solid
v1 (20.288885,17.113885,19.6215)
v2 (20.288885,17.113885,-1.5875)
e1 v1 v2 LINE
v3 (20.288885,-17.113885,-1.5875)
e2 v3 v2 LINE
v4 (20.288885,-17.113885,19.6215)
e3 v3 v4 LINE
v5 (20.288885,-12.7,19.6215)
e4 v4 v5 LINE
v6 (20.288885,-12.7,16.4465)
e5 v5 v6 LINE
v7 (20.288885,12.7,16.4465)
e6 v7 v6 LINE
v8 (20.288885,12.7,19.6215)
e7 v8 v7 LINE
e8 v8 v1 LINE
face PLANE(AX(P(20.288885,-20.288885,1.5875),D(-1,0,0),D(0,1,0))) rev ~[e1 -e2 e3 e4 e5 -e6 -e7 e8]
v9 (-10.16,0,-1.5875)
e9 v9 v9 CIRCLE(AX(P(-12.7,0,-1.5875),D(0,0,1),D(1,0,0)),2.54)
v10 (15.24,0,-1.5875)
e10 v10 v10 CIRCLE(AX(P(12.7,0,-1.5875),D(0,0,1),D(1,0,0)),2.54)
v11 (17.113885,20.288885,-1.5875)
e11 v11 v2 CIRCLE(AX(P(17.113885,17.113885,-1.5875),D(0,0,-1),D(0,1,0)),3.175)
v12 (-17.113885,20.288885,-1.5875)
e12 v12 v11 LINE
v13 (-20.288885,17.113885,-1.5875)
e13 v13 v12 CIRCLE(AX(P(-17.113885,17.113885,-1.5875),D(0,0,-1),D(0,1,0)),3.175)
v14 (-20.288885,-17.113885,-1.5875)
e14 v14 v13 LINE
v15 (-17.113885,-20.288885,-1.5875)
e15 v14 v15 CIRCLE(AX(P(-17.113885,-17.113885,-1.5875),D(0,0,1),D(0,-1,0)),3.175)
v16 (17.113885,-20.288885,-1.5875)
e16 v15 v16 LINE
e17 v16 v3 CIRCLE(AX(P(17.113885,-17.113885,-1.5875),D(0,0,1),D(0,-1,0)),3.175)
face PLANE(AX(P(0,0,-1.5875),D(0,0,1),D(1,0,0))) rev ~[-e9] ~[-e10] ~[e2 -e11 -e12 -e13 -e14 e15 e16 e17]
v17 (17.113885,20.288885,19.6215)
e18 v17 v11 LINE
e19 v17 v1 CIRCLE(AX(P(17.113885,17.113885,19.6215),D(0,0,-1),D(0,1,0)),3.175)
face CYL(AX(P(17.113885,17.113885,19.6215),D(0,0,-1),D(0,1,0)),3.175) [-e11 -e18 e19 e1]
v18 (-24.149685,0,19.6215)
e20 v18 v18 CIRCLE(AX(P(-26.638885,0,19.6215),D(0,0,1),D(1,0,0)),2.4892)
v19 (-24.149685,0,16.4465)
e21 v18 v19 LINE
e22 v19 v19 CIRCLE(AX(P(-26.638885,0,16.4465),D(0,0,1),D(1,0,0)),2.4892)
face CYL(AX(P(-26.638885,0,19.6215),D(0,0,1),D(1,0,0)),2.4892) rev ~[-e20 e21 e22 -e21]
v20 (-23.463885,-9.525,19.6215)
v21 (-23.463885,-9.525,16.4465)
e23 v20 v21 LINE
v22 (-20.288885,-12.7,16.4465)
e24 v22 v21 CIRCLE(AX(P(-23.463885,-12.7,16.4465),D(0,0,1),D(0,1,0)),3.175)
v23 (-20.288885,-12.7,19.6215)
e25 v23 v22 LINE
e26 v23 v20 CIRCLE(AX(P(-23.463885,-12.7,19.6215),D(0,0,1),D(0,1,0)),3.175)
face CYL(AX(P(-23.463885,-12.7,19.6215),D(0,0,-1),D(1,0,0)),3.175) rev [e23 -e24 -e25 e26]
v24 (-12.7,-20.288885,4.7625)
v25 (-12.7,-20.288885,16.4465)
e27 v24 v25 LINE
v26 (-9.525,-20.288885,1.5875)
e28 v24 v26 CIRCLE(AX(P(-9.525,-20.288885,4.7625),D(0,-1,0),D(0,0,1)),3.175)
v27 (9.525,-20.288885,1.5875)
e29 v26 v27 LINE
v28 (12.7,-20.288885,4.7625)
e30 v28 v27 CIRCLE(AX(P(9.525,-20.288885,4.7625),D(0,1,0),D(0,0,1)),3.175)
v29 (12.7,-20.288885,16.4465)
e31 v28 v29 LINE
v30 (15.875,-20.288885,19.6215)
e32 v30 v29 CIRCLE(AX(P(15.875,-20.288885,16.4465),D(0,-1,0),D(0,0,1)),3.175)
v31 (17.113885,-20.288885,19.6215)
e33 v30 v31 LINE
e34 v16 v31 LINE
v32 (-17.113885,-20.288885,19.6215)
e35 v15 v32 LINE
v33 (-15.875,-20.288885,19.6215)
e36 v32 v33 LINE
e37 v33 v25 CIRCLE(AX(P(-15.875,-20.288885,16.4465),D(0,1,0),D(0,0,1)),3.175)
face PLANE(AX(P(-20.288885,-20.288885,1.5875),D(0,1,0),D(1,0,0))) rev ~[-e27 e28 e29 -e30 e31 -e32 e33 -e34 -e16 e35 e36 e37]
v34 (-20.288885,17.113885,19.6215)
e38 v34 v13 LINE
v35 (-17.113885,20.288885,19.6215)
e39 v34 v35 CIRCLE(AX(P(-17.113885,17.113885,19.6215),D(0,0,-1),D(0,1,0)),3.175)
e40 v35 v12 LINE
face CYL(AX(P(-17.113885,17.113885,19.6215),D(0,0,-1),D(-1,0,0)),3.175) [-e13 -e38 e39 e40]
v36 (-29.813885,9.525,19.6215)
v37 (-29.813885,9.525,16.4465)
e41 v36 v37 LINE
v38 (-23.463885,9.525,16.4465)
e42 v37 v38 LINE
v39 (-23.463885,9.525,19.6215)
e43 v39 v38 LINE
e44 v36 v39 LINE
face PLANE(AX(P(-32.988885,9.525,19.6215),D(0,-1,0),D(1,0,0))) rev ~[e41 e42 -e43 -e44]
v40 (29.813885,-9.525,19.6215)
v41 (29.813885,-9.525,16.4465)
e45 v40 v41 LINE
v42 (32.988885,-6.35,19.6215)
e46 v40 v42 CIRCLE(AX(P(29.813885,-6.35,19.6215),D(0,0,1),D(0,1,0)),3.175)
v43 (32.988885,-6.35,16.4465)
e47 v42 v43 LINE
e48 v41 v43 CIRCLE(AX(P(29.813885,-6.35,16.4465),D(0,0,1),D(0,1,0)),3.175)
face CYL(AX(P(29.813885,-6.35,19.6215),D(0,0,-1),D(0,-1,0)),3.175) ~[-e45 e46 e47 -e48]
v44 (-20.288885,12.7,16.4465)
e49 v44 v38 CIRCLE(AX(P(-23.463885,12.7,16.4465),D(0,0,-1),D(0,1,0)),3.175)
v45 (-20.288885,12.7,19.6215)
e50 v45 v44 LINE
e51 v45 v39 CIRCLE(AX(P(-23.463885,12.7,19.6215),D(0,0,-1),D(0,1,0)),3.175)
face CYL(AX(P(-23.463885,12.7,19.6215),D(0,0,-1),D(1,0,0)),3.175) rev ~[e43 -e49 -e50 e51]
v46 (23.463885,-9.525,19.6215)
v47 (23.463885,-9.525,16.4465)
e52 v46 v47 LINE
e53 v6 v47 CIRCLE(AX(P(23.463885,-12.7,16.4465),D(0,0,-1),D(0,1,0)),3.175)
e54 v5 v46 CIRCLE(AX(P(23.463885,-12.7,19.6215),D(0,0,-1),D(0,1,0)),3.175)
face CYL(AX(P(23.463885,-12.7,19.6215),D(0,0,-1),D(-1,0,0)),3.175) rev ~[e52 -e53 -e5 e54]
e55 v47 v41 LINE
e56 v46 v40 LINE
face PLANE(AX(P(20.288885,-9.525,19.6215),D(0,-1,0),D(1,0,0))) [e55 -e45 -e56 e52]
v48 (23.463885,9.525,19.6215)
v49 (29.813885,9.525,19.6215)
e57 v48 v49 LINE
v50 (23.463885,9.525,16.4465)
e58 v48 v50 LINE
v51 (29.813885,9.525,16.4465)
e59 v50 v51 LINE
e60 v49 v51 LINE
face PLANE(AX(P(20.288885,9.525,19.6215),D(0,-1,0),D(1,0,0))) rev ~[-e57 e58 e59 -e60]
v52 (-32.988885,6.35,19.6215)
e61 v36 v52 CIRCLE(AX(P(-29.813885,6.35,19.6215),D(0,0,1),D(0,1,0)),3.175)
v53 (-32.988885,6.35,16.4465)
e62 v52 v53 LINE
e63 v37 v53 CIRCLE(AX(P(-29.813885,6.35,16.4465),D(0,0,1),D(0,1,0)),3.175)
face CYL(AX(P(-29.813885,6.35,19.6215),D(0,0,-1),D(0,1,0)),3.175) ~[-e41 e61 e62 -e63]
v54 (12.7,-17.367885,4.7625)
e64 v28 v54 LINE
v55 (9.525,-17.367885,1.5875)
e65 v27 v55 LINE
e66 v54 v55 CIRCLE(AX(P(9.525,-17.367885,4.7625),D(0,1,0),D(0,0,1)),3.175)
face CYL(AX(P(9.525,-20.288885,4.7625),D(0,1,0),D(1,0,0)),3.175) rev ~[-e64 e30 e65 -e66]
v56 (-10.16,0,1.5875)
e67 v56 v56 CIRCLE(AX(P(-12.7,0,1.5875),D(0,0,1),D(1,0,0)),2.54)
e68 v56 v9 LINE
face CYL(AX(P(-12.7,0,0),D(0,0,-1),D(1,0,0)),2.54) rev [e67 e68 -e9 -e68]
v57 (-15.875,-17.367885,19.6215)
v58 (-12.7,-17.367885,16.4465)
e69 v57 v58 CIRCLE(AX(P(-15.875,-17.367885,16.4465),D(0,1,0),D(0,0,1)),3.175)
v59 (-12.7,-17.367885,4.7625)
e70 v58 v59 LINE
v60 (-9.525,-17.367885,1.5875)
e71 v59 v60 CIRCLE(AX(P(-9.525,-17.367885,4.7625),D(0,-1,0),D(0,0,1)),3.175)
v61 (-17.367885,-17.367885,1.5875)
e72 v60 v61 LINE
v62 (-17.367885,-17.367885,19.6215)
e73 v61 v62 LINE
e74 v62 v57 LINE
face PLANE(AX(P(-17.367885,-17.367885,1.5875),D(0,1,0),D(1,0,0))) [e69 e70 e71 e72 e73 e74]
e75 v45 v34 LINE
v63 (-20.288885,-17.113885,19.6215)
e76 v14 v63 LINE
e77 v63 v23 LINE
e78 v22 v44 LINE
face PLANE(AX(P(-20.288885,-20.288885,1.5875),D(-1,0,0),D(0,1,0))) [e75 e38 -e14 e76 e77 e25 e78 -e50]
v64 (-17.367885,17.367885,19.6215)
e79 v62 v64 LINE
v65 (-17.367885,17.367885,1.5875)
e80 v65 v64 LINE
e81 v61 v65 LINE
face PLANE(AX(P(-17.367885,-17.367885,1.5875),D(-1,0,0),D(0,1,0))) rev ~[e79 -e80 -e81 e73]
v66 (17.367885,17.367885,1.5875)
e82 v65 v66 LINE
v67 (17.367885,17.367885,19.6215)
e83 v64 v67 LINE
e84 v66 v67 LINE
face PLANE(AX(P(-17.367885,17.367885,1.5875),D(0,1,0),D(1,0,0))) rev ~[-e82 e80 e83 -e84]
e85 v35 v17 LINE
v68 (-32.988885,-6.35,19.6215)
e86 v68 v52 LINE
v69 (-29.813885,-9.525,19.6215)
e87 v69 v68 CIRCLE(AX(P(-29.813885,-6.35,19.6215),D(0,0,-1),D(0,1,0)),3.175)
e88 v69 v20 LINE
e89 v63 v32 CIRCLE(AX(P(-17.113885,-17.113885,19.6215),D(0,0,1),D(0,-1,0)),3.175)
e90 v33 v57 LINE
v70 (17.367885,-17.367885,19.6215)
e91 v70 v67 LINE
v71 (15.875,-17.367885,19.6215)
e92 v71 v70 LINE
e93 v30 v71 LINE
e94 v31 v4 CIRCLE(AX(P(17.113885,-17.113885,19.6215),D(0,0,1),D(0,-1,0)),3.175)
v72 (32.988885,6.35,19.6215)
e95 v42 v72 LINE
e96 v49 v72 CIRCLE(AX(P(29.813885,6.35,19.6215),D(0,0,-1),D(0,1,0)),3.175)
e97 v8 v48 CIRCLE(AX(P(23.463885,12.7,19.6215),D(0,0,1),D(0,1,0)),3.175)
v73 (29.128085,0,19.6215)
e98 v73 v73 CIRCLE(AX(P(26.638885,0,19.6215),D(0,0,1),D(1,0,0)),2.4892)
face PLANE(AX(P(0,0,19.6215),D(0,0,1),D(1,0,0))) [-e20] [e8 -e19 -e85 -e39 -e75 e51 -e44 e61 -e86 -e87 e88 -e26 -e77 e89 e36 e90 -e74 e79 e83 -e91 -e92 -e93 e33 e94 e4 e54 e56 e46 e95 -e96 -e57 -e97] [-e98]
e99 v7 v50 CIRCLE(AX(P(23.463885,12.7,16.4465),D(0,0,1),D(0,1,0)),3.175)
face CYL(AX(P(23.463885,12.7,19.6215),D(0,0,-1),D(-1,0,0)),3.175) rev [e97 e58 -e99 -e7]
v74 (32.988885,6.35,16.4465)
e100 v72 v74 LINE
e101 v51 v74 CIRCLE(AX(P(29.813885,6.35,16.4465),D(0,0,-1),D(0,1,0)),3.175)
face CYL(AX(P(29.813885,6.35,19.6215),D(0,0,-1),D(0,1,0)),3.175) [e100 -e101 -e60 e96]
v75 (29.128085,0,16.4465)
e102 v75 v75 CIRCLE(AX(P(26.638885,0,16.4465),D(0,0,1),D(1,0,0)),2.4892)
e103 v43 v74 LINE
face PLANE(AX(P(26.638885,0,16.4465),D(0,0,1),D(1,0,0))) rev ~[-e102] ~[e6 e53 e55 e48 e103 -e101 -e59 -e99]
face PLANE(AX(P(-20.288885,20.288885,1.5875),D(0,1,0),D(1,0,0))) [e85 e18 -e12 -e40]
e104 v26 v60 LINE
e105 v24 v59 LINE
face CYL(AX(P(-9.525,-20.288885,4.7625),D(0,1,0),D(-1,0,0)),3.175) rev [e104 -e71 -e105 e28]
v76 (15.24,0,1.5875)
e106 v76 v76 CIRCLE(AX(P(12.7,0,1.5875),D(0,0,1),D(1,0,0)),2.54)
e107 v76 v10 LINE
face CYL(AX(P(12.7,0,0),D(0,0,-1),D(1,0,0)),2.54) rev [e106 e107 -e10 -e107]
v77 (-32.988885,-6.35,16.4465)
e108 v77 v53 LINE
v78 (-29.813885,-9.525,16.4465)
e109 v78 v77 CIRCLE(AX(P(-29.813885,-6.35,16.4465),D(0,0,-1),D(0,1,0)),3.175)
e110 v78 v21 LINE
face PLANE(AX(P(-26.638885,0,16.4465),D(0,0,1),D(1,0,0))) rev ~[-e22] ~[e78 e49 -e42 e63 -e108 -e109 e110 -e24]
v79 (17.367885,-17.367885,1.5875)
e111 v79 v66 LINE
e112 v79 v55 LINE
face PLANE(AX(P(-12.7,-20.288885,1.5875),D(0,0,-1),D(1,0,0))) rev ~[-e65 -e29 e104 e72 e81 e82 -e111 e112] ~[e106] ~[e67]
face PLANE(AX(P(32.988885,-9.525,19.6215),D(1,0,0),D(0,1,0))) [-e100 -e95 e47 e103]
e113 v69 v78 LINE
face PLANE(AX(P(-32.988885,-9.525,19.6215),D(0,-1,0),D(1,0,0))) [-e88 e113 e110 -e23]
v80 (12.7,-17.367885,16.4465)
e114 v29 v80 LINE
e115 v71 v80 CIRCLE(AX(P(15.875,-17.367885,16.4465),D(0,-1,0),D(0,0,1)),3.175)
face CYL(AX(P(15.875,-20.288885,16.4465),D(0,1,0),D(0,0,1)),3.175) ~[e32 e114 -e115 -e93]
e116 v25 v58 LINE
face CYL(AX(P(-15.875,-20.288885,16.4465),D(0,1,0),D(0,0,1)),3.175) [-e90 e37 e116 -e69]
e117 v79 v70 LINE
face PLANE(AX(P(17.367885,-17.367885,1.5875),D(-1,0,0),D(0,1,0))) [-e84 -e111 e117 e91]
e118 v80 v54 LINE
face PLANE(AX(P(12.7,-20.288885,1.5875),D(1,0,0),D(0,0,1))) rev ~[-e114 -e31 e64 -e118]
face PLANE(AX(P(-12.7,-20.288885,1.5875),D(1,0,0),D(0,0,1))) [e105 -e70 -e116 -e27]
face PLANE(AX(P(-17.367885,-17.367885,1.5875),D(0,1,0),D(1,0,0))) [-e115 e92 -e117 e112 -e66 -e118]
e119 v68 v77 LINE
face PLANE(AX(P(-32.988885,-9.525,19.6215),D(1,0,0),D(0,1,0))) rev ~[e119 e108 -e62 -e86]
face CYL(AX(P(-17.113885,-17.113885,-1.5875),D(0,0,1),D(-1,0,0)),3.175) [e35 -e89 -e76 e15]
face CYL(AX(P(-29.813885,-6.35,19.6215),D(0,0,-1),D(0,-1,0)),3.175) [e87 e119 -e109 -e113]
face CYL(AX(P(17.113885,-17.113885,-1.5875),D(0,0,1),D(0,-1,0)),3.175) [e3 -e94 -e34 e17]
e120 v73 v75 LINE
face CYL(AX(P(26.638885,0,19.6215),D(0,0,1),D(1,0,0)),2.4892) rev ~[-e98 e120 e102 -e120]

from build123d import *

# Parameters (mm, degrees)
SKETCH1_W           = 40.57777
SKETCH1_H           = 40.57777
SKETCH1_R           = 2.54
BOSS_EXTRUDE1_DEPTH = 1.5875
SKETCH3_W           = 40.57777
SKETCH3_H           = 40.57777
SKETCH3_W_2         = 34.73577
SKETCH3_H_2         = 34.73577
BOSS_EXTRUDE2_DEPTH = 18.034
SKETCH4_W           = 12.7
SKETCH4_H           = 19.05
SKETCH4_R           = 2.4892
BOSS_EXTRUDE3_DEPTH = 3.175
FILLET1_R           = 3.175
SKETCH6_W           = 25.4
SKETCH6_H           = 18.034
CUT_EXTRUDE2_DEPTH  = 3.175
FILLET3_R           = 3.175


with BuildPart() as part:
    # Sketch1 → Boss-Extrude1 (new, symmetric)
    with BuildSketch(Plane.XY):
        Rectangle(SKETCH1_W, SKETCH1_H)
        with Locations((-12.7, 0)):
            Circle(SKETCH1_R, mode=Mode.SUBTRACT)
        with Locations((12.7, 0)):
            Circle(SKETCH1_R, mode=Mode.SUBTRACT)
    extrude(amount=BOSS_EXTRUDE1_DEPTH, both=True)

    # Sketch3 → Boss-Extrude2 (add)
    with BuildSketch(Plane.XY.offset(1.5875)):
        Rectangle(SKETCH3_W, SKETCH3_H)
        Rectangle(SKETCH3_W_2, SKETCH3_H_2, mode=Mode.SUBTRACT)
    extrude(amount=BOSS_EXTRUDE2_DEPTH)

    # Sketch4 → Boss-Extrude3 (add)
    # profile 1 of 2: a face of its own
    with BuildSketch(Plane.XY.offset(19.6215)):
        with Locations((-26.638885, 0)):
            Rectangle(SKETCH4_W, SKETCH4_H)
        with Locations((-26.638885, 0)):
            Circle(SKETCH4_R, mode=Mode.SUBTRACT)
    # profile 2 of 2: a face of its own
    with BuildSketch(Plane.XY.offset(19.6215)):
        with Locations((26.638885, 0)):
            Rectangle(SKETCH4_W, SKETCH4_H)
        with Locations((26.638885, 0)):
            Circle(SKETCH4_R, mode=Mode.SUBTRACT)
    extrude(amount=-BOSS_EXTRUDE3_DEPTH)

    # Fillet1
    fillet1_edges = [part.edges().sort_by_distance(p)[0] for p in [
        (-20.288885, 9.525, 18.034),
        (-20.288885, -9.525, 18.034),
        (-32.988885, -9.525, 18.034),
        (-32.988885, 9.525, 18.034),
        (20.288885, -9.525, 18.034),
        (20.288885, 9.525, 18.034),
        (32.988885, 9.525, 18.034),
        (32.988885, -9.525, 18.034),
        (20.288885, -20.288885, 9.017),
        (-20.288885, -20.288885, 9.017),
        (-20.288885, 20.288885, 9.017),
        (20.288885, 20.288885, 9.017),
    ]]
    fillet(fillet1_edges, radius=FILLET1_R)

    # Sketch6 → Cut-Extrude2 (cut)
    with BuildSketch(Plane.XZ.offset(20.288885)):
        with Locations((0, 10.6045)):
            Rectangle(SKETCH6_W, SKETCH6_H)
    extrude(amount=-CUT_EXTRUDE2_DEPTH, mode=Mode.SUBTRACT)

    # Fillet3
    fillet3_edges = [part.edges().sort_by_distance(p)[0] for p in [
        (-12.7, -18.828385, 1.5875),
        (-12.7, -18.828385, 19.6215),
        (12.7, -18.828385, 19.6215),
        (12.7, -18.828385, 1.5875),
    ]]
    fillet(fillet3_edges, radius=FILLET3_R)


solid = part.part
